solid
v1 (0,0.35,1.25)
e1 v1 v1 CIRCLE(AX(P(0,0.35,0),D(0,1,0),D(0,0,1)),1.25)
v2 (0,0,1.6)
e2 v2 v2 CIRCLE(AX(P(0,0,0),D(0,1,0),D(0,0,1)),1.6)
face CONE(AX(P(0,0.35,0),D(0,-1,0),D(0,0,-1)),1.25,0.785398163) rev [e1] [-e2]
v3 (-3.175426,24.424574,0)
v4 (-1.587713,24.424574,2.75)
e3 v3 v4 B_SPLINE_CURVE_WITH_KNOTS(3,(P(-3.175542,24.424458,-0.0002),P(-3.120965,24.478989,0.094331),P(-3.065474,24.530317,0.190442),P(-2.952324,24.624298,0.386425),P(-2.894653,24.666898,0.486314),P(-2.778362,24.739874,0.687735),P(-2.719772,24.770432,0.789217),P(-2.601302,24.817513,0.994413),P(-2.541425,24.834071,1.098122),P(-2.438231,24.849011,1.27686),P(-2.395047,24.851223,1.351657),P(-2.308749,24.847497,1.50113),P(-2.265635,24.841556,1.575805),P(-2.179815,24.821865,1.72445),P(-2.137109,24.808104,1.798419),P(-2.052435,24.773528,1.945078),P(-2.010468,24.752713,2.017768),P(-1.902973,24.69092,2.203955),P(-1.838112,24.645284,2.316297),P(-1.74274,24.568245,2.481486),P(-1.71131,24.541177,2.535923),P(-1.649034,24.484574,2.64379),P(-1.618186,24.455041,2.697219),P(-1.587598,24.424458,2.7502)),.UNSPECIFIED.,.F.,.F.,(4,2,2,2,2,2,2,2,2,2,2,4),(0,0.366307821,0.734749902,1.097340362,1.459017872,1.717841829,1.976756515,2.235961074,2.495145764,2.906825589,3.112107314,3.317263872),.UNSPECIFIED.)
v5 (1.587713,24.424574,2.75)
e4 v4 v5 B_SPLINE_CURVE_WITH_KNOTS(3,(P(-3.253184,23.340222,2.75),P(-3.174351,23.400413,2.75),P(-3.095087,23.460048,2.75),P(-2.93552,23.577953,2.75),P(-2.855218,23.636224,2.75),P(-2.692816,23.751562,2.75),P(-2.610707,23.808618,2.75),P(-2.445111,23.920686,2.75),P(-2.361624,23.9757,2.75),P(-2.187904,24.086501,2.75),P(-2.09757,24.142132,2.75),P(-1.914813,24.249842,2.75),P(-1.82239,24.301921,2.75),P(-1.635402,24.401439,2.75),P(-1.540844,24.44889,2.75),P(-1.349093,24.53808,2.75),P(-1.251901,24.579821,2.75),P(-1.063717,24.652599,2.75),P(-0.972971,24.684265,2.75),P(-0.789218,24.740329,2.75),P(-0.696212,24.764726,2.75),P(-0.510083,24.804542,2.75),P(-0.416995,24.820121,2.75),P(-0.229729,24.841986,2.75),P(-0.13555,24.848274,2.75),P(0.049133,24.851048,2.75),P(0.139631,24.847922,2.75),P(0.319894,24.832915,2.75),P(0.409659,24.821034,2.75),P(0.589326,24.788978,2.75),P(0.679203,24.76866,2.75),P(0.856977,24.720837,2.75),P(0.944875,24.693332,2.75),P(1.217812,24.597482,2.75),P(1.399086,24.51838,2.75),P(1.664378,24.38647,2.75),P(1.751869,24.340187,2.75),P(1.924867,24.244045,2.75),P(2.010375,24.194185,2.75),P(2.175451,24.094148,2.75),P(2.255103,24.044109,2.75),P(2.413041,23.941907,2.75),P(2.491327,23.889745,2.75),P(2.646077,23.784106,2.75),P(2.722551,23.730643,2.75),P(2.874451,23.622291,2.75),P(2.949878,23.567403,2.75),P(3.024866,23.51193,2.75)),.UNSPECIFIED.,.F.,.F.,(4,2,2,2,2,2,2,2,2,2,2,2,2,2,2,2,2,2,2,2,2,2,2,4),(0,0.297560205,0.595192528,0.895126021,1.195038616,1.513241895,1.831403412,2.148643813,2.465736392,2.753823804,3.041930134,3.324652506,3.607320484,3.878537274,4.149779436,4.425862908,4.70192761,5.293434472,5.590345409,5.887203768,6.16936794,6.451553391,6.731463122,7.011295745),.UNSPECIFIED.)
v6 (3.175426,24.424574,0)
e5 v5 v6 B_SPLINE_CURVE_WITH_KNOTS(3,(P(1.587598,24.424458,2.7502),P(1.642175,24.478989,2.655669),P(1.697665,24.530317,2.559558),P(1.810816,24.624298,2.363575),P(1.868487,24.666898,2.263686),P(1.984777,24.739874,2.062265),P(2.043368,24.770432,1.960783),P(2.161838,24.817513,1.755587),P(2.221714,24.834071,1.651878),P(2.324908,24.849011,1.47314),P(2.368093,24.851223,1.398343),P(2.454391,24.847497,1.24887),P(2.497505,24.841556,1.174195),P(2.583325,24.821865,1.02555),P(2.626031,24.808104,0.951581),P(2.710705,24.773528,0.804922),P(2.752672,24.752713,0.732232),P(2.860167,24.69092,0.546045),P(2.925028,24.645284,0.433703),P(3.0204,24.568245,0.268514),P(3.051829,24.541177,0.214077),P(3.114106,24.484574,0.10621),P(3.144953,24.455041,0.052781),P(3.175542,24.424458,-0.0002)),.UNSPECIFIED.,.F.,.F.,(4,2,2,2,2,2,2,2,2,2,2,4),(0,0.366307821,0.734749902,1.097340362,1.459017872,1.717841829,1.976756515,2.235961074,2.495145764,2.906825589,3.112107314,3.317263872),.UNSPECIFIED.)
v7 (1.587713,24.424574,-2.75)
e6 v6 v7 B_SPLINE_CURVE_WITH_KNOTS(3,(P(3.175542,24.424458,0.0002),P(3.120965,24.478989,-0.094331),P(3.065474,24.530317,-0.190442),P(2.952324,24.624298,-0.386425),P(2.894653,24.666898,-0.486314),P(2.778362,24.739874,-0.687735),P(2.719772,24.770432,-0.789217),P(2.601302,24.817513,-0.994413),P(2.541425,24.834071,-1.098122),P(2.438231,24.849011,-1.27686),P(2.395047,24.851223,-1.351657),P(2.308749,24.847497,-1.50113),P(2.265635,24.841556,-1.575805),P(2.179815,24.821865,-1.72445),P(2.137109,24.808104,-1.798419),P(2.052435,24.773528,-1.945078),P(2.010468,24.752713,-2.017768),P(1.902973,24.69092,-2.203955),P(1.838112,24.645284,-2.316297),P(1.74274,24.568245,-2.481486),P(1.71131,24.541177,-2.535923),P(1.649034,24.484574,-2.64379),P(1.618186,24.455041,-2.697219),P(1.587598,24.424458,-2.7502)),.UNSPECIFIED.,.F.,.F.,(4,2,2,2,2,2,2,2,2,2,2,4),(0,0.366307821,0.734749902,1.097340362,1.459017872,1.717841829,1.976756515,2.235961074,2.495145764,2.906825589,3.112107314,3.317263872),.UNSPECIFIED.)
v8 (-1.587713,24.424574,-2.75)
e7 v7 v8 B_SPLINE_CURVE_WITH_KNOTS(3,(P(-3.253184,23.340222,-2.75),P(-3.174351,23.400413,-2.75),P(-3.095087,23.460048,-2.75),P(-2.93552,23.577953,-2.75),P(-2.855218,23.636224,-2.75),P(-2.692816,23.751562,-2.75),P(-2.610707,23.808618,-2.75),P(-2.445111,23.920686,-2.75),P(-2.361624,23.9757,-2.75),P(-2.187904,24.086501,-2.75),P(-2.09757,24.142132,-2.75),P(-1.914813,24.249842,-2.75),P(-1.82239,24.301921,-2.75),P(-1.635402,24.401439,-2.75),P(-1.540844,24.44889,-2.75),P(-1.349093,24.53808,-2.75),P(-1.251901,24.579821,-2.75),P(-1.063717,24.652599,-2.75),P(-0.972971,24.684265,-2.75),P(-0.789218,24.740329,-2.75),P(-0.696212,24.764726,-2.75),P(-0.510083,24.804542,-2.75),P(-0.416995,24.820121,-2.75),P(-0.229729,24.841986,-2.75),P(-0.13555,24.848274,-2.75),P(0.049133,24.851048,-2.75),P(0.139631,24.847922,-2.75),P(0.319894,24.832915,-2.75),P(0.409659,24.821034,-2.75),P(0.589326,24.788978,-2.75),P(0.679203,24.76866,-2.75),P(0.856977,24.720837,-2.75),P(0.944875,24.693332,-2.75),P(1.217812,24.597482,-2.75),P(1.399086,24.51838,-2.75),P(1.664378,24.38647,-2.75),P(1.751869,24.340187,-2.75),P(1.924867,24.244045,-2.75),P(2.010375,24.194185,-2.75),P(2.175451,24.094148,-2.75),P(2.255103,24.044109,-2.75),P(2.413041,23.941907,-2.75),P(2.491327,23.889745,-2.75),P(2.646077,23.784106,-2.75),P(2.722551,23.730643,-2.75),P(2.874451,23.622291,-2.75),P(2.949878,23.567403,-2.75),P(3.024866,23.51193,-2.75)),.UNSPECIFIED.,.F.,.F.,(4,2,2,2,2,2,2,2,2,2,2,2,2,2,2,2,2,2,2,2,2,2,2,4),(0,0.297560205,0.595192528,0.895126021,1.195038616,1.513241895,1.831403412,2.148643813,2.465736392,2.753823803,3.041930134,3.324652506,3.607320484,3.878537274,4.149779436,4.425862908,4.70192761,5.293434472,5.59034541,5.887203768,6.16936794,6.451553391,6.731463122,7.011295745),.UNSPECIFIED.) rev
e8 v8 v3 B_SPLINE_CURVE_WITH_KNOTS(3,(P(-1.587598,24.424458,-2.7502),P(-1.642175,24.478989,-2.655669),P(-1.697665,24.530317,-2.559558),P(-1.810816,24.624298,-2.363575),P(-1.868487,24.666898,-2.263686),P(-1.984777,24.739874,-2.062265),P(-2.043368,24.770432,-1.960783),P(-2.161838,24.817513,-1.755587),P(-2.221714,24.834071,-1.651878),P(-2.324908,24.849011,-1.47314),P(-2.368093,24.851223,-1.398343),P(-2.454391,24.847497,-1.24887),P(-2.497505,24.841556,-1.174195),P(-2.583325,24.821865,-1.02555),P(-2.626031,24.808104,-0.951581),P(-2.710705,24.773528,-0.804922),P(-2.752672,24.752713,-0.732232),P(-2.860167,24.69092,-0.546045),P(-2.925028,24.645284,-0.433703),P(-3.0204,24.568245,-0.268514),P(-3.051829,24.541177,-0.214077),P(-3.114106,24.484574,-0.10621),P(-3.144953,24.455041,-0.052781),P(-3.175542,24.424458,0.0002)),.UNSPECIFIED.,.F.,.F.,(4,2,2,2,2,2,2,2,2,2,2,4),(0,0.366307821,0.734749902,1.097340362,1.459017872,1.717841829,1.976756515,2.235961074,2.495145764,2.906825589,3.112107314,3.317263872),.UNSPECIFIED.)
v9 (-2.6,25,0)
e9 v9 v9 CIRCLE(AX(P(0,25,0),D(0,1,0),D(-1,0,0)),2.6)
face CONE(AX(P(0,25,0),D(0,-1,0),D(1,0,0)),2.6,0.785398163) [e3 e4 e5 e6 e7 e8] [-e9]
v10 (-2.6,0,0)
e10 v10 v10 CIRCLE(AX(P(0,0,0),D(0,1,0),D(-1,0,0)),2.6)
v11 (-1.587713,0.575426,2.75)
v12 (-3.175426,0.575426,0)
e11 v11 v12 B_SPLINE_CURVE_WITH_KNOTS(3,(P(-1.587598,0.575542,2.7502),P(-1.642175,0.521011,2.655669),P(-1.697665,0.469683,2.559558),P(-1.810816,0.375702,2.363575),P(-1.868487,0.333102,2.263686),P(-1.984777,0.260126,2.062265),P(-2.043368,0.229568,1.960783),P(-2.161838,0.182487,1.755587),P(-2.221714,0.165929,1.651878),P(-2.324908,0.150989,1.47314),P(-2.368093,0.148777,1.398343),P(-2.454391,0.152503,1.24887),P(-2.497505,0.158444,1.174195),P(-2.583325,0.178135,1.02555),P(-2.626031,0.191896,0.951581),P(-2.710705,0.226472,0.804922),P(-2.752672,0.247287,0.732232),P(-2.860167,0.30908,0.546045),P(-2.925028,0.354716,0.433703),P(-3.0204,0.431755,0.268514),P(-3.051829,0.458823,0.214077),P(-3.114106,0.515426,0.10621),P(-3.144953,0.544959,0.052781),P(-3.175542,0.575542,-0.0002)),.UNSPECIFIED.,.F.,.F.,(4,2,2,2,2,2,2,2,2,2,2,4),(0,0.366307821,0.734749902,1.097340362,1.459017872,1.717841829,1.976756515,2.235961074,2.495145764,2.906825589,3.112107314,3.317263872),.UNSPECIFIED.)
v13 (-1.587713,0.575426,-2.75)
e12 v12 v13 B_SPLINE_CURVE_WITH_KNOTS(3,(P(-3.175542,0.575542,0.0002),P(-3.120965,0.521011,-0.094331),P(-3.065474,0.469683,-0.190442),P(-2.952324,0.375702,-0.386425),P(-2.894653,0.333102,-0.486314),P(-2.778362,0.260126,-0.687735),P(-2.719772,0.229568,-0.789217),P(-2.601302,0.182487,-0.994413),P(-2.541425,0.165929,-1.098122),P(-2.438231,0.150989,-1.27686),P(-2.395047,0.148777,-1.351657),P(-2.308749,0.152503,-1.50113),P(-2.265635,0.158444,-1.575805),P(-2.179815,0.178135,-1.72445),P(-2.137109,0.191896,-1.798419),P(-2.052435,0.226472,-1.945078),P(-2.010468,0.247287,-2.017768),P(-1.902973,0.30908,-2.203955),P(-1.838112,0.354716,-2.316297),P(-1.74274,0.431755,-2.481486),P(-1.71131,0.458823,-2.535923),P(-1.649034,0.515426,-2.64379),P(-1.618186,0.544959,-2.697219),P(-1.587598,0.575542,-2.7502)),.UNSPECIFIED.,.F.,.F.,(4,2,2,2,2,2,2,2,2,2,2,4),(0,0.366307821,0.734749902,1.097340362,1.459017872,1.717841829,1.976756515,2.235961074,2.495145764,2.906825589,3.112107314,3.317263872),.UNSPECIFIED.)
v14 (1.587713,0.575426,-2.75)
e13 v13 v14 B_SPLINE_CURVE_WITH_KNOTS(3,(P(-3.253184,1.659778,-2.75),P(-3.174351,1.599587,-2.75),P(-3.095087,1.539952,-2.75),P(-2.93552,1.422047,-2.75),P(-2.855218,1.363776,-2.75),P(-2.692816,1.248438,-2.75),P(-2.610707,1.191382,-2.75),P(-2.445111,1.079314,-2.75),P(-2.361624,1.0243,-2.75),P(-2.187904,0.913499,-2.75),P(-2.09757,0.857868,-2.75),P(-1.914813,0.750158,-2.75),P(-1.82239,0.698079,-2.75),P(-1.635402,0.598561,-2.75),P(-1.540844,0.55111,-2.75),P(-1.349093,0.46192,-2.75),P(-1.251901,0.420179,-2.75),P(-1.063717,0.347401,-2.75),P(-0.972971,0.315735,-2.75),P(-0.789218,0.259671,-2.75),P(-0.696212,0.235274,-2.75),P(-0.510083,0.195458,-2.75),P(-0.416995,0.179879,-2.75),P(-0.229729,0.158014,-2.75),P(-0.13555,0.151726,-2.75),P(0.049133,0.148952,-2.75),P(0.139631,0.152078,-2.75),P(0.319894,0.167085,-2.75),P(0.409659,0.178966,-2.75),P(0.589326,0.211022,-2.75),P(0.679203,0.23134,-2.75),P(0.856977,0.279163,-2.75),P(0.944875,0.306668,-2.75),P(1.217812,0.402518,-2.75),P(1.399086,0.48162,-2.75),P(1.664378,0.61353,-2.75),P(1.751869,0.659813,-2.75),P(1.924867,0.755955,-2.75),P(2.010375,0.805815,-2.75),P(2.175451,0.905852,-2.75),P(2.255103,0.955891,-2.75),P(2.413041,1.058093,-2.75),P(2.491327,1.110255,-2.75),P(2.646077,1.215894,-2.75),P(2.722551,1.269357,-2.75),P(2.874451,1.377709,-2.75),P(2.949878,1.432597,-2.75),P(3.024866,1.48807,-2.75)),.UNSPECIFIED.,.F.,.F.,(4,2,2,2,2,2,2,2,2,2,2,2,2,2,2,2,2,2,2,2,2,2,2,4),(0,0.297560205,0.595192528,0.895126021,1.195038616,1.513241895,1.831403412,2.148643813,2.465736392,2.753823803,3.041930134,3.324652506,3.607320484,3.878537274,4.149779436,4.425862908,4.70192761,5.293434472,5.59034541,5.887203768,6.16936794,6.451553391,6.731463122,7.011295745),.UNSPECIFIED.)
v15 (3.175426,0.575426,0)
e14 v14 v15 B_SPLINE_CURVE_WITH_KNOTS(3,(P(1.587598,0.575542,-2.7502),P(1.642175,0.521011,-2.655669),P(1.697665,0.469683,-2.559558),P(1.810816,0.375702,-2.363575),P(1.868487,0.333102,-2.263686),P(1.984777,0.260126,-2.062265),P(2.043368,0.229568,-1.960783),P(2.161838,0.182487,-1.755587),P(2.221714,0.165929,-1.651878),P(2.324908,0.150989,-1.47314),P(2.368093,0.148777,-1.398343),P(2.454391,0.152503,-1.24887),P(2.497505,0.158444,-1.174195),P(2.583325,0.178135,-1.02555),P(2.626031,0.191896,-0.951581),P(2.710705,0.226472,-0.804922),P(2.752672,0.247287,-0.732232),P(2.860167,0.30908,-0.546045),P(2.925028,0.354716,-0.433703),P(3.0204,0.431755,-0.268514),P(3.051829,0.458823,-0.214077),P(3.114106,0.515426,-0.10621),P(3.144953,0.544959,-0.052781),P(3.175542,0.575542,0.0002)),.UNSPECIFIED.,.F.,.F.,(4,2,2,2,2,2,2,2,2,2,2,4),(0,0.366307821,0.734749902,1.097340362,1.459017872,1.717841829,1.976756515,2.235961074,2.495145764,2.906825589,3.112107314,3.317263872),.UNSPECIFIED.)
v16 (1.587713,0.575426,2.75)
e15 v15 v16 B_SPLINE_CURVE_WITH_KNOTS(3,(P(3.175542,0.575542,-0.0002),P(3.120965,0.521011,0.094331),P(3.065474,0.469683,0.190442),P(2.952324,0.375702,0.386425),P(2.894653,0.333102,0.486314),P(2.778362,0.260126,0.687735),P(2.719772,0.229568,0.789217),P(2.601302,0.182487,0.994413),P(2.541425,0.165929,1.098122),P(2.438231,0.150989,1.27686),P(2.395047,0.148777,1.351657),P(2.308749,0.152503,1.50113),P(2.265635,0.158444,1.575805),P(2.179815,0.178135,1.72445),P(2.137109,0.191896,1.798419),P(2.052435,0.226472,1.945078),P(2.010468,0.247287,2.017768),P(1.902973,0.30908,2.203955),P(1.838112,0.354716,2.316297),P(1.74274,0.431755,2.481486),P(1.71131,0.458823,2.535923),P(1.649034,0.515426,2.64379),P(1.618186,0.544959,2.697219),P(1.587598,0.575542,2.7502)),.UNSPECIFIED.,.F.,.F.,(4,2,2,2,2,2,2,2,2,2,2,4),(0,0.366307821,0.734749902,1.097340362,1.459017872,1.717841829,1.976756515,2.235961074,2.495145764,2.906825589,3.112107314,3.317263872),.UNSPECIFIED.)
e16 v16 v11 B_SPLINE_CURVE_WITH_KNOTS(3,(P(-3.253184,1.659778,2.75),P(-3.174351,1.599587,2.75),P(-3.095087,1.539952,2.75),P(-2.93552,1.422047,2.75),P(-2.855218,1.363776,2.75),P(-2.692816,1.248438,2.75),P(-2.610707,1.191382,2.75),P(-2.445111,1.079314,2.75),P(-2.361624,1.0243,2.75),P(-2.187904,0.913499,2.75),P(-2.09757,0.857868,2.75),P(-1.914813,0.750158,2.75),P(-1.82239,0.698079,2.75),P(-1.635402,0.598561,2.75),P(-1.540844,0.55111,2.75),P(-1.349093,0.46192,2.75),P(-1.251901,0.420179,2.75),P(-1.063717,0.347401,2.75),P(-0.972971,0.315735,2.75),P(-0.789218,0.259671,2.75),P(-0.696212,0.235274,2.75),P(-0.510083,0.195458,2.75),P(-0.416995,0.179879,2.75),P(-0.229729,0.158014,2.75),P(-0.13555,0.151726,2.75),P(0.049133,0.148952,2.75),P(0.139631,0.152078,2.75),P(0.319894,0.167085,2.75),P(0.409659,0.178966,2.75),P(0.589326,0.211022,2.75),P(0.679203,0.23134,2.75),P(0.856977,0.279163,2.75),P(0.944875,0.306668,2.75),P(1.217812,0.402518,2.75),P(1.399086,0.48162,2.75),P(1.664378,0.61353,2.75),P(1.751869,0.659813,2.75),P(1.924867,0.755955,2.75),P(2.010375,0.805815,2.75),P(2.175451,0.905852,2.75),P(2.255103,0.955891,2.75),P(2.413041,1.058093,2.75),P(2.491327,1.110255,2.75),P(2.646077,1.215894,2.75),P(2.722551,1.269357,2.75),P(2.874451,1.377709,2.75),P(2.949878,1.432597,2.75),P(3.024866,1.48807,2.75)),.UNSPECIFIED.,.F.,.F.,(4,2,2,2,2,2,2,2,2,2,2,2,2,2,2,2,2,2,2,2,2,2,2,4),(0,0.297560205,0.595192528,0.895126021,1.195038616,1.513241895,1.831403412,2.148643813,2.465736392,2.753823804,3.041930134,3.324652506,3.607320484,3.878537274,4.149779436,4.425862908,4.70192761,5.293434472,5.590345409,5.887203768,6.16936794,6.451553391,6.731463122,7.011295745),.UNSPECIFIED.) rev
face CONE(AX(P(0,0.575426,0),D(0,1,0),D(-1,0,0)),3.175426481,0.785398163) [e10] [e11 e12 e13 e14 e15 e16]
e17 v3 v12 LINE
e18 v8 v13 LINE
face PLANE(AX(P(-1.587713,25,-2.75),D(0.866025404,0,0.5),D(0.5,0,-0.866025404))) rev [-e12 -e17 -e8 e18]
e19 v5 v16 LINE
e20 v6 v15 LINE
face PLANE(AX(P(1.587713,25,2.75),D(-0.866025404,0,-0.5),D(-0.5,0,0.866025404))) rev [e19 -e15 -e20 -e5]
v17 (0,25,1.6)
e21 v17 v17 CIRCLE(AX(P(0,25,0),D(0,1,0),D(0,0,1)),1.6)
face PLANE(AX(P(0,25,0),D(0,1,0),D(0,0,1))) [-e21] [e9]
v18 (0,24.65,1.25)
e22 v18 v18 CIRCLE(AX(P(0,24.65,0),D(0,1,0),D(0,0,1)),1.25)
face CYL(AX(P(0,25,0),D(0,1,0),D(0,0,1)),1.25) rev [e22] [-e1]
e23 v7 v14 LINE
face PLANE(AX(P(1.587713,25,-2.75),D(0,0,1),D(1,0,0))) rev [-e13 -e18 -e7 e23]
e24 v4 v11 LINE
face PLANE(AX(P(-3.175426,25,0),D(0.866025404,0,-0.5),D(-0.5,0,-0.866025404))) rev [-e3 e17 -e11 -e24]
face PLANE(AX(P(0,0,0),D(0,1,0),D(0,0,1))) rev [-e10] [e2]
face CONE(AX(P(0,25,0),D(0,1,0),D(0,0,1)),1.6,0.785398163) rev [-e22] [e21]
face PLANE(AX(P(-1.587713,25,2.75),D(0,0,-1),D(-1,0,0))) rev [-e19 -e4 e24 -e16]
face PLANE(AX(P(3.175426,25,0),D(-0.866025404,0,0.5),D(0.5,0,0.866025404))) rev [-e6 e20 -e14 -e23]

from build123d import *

# Parameters (mm, degrees)
BOSS_EXTRUDE1_DEPTH = 25


with BuildPart() as part:
    # Sketch1 → Boss-Extrude1 (new body)
    with BuildSketch(Plane(origin=(0, 0, 0), x_dir=(1, 0, 0), z_dir=(0, 1, 0))):
        Polygon((1.58771324, 2.75), (-1.58771324, 2.75), (-3.175426481, 0), (-1.58771324, -2.75), (1.58771324, -2.75), (3.175426481, 0), align=None)
    extrude(amount=BOSS_EXTRUDE1_DEPTH)

    # Sketch2 → M3 Tapped Hole1 (revolve, cut)
    with BuildSketch(Plane(origin=(0, 25, 0), x_dir=(0, 0, 1), z_dir=(1, 0, 0))):
        Polygon((0, 0), (0, 25), (1.6, 25), (1.25, 24.65), (1.25, 0.35), (1.6, 0), align=None)
    revolve(axis=Axis((0, 31.35, 0), (0, -1, 0)), mode=Mode.SUBTRACT)

    # Sketch4 → Cut-Revolve1 (revolve, cut)
    with BuildSketch(Plane.XY):
        Polygon((2.6, 0), (3.175426481, 0.575426481), (3.175426481, 0), align=None)
        Polygon((3.175426481, 25), (2.6, 25), (3.175426481, 24.424573519), align=None)
    revolve(axis=Axis((0, 25, 0), (0, -1, 0)), mode=Mode.SUBTRACT)


solid = part.part
